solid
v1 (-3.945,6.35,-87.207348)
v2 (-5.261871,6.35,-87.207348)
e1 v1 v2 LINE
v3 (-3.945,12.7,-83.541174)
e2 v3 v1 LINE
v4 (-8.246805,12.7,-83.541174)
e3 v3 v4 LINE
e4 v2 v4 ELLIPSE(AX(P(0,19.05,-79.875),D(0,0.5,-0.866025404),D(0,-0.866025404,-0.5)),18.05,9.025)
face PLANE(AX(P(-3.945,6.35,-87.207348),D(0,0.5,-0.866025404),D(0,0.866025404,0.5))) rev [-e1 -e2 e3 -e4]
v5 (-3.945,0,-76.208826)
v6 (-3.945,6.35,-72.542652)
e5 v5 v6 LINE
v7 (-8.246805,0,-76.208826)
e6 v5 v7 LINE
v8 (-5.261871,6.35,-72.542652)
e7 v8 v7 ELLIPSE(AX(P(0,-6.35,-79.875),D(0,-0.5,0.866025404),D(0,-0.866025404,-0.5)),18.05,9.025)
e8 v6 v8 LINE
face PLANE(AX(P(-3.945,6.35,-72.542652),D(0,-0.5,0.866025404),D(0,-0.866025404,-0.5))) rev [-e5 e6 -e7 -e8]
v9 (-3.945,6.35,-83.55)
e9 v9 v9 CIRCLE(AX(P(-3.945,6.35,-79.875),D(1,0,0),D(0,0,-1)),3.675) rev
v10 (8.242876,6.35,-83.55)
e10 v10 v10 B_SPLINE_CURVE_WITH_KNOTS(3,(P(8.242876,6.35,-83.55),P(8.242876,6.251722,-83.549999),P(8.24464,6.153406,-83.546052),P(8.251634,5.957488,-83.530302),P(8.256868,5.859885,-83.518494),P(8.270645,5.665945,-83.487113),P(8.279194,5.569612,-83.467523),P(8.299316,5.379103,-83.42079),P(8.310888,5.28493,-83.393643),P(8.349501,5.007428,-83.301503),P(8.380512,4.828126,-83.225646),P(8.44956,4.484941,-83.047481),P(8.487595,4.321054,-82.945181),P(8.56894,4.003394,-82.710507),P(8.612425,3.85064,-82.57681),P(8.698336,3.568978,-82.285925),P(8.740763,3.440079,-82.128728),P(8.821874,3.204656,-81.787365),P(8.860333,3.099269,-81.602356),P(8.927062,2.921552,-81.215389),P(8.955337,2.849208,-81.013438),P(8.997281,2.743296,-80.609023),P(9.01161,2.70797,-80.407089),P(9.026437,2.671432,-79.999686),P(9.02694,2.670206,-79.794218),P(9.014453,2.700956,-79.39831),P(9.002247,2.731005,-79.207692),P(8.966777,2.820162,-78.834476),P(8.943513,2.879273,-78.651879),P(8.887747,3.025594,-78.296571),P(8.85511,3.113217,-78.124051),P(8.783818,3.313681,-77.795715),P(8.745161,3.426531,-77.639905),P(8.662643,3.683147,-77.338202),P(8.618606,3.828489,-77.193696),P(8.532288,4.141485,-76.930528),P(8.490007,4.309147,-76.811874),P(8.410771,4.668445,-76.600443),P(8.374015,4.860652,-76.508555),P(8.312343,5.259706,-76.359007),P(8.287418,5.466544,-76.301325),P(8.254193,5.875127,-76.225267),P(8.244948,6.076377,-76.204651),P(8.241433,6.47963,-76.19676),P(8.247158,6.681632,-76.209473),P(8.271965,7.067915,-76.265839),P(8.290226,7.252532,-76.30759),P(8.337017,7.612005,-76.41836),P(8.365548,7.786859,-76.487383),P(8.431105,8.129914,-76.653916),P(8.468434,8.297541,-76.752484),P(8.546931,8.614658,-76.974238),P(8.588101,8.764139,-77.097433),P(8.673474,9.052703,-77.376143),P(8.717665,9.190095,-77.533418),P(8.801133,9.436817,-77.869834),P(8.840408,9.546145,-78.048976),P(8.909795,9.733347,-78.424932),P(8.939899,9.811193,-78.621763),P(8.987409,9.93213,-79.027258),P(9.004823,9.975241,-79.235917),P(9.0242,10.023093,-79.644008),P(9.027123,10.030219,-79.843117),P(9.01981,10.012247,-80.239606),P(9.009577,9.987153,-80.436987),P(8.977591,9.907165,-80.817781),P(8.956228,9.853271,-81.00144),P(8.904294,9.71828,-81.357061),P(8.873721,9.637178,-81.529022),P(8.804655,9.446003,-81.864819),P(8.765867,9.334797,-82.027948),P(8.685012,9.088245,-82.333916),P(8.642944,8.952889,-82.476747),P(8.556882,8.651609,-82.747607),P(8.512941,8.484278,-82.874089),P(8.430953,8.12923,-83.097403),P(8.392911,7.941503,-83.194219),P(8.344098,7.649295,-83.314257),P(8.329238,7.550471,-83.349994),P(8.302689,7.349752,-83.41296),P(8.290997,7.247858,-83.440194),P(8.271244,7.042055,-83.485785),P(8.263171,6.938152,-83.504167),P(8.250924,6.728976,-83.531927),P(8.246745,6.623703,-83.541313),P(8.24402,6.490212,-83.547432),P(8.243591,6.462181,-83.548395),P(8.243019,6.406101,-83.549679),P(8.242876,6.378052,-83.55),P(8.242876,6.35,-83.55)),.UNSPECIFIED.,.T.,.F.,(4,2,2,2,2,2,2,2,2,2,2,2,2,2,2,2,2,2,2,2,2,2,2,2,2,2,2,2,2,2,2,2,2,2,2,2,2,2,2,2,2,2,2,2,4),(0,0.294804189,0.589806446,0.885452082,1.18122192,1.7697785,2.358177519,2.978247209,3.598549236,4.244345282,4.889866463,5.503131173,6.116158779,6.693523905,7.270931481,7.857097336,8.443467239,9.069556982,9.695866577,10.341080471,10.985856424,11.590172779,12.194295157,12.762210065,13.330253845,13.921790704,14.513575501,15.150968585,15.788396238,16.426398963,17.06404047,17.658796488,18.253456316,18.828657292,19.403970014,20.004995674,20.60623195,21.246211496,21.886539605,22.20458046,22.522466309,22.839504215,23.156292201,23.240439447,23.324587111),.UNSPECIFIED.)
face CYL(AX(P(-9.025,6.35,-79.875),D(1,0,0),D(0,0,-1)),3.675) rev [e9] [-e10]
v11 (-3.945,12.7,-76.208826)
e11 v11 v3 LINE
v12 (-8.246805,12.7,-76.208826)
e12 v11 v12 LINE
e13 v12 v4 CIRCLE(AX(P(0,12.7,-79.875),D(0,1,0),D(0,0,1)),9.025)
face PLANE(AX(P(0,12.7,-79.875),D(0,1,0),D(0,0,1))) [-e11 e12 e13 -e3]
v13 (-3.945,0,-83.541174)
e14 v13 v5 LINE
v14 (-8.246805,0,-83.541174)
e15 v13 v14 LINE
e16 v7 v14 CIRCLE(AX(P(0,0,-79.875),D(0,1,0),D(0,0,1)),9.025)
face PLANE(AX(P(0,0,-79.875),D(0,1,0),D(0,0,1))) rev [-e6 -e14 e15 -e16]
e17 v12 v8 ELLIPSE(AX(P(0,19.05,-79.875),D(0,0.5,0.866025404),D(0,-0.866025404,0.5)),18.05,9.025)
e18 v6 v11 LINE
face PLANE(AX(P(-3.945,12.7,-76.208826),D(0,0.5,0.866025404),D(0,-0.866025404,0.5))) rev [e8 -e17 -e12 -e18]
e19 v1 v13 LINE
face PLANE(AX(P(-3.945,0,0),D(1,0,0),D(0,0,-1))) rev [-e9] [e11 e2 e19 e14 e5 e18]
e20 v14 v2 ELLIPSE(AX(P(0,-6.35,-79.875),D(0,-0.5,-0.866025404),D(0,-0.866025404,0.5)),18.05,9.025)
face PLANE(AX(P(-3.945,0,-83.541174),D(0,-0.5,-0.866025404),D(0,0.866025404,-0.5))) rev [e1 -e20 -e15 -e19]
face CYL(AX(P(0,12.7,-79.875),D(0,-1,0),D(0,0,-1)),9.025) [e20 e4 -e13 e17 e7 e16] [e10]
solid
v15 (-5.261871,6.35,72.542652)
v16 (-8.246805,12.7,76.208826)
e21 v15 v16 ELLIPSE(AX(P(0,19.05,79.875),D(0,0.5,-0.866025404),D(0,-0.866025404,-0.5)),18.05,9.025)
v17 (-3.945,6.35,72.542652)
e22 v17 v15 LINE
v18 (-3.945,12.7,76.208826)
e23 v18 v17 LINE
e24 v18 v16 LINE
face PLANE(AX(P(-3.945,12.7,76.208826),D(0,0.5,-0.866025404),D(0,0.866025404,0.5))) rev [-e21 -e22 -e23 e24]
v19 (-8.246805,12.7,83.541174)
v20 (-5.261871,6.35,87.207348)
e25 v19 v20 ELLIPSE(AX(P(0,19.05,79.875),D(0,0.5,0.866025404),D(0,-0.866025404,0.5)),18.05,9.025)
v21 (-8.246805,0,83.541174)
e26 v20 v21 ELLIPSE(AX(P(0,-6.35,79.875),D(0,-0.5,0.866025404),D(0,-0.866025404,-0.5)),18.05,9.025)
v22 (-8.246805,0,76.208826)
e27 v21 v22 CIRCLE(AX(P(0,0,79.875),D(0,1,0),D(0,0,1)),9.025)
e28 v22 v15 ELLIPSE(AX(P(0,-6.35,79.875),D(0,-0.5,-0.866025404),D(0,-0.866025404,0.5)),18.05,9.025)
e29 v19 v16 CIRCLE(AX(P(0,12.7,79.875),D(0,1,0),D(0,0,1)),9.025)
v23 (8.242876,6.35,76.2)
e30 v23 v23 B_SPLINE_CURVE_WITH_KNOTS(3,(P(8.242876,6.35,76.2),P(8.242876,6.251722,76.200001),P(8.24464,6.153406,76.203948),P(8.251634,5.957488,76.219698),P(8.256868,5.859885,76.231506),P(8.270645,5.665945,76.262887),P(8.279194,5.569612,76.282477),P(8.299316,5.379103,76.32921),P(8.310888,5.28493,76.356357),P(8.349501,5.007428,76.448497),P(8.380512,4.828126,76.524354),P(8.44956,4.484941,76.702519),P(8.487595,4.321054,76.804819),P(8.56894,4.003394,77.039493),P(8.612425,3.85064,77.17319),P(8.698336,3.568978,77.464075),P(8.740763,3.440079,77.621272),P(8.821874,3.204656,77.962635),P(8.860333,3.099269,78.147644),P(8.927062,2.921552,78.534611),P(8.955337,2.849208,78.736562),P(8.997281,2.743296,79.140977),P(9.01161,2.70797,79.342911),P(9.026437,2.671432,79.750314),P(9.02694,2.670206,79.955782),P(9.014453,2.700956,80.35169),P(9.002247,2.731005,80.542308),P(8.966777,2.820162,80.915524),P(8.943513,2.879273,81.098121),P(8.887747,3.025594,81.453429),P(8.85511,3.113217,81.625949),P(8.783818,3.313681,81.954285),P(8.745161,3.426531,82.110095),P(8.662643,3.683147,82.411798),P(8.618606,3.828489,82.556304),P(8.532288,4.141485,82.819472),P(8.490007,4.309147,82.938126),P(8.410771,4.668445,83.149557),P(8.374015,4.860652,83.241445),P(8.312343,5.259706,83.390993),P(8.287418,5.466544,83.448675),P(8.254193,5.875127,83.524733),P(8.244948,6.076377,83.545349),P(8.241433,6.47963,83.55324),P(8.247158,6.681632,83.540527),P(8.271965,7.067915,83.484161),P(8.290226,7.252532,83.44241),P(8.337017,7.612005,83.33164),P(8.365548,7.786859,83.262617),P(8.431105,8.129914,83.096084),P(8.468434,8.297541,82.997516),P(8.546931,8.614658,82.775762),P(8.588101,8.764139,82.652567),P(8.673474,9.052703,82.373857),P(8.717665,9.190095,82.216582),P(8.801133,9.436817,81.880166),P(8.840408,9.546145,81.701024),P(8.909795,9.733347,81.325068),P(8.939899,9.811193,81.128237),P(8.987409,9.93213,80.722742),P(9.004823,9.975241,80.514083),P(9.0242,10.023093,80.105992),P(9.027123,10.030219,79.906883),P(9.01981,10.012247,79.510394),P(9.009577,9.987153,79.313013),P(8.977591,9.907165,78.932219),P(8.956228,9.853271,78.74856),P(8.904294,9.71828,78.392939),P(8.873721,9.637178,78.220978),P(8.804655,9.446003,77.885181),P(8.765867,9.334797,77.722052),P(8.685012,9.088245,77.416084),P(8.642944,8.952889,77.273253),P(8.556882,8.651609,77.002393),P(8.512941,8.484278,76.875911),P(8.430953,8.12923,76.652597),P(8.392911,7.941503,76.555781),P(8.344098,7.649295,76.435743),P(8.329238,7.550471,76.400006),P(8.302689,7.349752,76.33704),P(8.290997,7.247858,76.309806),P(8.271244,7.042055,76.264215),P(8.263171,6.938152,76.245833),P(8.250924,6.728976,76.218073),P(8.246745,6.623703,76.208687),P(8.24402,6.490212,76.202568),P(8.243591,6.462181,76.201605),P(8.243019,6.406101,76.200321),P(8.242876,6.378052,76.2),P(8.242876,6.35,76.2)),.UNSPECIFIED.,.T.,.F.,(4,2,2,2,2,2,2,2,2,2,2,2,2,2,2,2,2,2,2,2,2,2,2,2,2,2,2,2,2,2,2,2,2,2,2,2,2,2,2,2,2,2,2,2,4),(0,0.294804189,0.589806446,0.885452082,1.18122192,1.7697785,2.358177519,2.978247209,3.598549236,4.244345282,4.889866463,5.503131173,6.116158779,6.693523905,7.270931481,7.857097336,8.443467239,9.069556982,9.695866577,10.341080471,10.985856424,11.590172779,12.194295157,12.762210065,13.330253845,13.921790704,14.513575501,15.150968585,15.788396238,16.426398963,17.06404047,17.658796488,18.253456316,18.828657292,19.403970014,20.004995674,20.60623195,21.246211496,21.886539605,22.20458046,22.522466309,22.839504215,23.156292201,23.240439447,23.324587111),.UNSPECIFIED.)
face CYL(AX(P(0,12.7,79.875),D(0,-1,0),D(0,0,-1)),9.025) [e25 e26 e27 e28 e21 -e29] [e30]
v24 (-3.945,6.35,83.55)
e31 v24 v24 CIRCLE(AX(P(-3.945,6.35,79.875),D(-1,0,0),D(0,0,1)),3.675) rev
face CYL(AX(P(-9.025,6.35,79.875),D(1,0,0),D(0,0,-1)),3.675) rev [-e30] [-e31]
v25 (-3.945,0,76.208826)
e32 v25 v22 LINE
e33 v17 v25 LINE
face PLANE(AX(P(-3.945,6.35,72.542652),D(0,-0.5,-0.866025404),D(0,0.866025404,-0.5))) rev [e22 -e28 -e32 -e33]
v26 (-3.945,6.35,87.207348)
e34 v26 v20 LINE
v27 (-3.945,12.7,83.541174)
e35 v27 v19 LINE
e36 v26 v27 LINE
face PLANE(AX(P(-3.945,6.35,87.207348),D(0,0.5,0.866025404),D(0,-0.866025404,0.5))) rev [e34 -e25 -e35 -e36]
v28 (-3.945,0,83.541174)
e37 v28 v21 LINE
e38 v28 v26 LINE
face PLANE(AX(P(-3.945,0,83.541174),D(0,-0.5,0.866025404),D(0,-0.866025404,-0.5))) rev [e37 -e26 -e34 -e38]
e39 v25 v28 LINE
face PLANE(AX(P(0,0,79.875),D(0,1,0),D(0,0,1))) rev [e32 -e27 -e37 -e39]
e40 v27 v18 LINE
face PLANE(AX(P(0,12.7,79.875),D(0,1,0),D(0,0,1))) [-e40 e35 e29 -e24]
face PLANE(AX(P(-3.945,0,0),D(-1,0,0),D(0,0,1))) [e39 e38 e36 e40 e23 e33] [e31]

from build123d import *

# Parameters (mm, degrees)
SKETCH1_R               = 9.025
BOSS_EXTRUDE1_DEPTH     = 12.7
BOSS_EXTRUDE1_2_DEPTH   = 12.7
CUT_EXTRUDE1_DEPTH      = 91.254920226
CUT_EXTRUDE1_DEPTH_BACK = 91.254920226
SKETCH2_R               = 3.675
CUT_EXTRUDE2_DEPTH      = 5.08


with BuildPart() as part:
    # Sketch1 → Boss-Extrude1 (new body)
    with BuildSketch(Plane(origin=(0, 0, 0), x_dir=(1, 0, 0), z_dir=(0, 1, 0))):
        with Locations(Location((0, 79.875, 0), (0, 0, 270))):
            Circle(SKETCH1_R)
    extrude(amount=BOSS_EXTRUDE1_DEPTH)


with BuildPart() as body_2:
    # Sketch1 → Boss-Extrude1 2 (new body)
    with BuildSketch(Plane(origin=(0, 0, 0), x_dir=(1, 0, 0), z_dir=(0, 1, 0))):
        with Locations(Location((0, -79.875, 0), (0, 0, 270))):
            Circle(SKETCH1_R)
    extrude(amount=BOSS_EXTRUDE1_2_DEPTH)


with BuildPart() as cut_extrude1_tool:
    # Sketch2 → Cut-Extrude1 (new, two sides: drawn at the far end of the back side and taken through both)
    with BuildSketch(Plane(origin=(0, 0, 0), x_dir=(0, 0, -1), z_dir=(1, 0, 0)).offset(-CUT_EXTRUDE1_DEPTH_BACK)):
        with Locations((-79.875, 6.35)):
            Circle(SKETCH2_R)
        with Locations((79.875, 6.35)):
            Circle(SKETCH2_R)
    extrude(amount=CUT_EXTRUDE1_DEPTH + CUT_EXTRUDE1_DEPTH_BACK)


with BuildPart() as part_1:
    add(part.part)

    # Cut-Extrude1: cut by cut_extrude1_tool
    add(cut_extrude1_tool.part, mode=Mode.SUBTRACT)


with BuildPart() as body_2_1:
    add(body_2.part)

    # Cut-Extrude1: cut by cut_extrude1_tool
    add(cut_extrude1_tool.part, mode=Mode.SUBTRACT)


with BuildPart() as cut_extrude2_tool:
    # Sketch3 → Cut-Extrude2 (new body)
    with BuildSketch(Plane.ZY.offset(9.025)):
        Polygon((83.541174209, 0), (87.207348419, 6.35), (83.541174209, 12.7), (76.208825791, 12.7), (72.542651581, 6.35), (76.208825791, 0), align=None)
        Polygon((-76.208825791, 0), (-83.541174209, 0), (-87.207348419, 6.35), (-83.541174209, 12.7), (-76.208825791, 12.7), (-72.542651581, 6.35), align=None)
    extrude(amount=-CUT_EXTRUDE2_DEPTH)


with BuildPart() as part_2:
    add(part_1.part)

    # Cut-Extrude2: cut by cut_extrude2_tool
    add(cut_extrude2_tool.part, mode=Mode.SUBTRACT)


with BuildPart() as body_2_2:
    add(body_2_1.part)

    # Cut-Extrude2: cut by cut_extrude2_tool
    add(cut_extrude2_tool.part, mode=Mode.SUBTRACT)


solid = Compound([part_2.part, body_2_2.part])
